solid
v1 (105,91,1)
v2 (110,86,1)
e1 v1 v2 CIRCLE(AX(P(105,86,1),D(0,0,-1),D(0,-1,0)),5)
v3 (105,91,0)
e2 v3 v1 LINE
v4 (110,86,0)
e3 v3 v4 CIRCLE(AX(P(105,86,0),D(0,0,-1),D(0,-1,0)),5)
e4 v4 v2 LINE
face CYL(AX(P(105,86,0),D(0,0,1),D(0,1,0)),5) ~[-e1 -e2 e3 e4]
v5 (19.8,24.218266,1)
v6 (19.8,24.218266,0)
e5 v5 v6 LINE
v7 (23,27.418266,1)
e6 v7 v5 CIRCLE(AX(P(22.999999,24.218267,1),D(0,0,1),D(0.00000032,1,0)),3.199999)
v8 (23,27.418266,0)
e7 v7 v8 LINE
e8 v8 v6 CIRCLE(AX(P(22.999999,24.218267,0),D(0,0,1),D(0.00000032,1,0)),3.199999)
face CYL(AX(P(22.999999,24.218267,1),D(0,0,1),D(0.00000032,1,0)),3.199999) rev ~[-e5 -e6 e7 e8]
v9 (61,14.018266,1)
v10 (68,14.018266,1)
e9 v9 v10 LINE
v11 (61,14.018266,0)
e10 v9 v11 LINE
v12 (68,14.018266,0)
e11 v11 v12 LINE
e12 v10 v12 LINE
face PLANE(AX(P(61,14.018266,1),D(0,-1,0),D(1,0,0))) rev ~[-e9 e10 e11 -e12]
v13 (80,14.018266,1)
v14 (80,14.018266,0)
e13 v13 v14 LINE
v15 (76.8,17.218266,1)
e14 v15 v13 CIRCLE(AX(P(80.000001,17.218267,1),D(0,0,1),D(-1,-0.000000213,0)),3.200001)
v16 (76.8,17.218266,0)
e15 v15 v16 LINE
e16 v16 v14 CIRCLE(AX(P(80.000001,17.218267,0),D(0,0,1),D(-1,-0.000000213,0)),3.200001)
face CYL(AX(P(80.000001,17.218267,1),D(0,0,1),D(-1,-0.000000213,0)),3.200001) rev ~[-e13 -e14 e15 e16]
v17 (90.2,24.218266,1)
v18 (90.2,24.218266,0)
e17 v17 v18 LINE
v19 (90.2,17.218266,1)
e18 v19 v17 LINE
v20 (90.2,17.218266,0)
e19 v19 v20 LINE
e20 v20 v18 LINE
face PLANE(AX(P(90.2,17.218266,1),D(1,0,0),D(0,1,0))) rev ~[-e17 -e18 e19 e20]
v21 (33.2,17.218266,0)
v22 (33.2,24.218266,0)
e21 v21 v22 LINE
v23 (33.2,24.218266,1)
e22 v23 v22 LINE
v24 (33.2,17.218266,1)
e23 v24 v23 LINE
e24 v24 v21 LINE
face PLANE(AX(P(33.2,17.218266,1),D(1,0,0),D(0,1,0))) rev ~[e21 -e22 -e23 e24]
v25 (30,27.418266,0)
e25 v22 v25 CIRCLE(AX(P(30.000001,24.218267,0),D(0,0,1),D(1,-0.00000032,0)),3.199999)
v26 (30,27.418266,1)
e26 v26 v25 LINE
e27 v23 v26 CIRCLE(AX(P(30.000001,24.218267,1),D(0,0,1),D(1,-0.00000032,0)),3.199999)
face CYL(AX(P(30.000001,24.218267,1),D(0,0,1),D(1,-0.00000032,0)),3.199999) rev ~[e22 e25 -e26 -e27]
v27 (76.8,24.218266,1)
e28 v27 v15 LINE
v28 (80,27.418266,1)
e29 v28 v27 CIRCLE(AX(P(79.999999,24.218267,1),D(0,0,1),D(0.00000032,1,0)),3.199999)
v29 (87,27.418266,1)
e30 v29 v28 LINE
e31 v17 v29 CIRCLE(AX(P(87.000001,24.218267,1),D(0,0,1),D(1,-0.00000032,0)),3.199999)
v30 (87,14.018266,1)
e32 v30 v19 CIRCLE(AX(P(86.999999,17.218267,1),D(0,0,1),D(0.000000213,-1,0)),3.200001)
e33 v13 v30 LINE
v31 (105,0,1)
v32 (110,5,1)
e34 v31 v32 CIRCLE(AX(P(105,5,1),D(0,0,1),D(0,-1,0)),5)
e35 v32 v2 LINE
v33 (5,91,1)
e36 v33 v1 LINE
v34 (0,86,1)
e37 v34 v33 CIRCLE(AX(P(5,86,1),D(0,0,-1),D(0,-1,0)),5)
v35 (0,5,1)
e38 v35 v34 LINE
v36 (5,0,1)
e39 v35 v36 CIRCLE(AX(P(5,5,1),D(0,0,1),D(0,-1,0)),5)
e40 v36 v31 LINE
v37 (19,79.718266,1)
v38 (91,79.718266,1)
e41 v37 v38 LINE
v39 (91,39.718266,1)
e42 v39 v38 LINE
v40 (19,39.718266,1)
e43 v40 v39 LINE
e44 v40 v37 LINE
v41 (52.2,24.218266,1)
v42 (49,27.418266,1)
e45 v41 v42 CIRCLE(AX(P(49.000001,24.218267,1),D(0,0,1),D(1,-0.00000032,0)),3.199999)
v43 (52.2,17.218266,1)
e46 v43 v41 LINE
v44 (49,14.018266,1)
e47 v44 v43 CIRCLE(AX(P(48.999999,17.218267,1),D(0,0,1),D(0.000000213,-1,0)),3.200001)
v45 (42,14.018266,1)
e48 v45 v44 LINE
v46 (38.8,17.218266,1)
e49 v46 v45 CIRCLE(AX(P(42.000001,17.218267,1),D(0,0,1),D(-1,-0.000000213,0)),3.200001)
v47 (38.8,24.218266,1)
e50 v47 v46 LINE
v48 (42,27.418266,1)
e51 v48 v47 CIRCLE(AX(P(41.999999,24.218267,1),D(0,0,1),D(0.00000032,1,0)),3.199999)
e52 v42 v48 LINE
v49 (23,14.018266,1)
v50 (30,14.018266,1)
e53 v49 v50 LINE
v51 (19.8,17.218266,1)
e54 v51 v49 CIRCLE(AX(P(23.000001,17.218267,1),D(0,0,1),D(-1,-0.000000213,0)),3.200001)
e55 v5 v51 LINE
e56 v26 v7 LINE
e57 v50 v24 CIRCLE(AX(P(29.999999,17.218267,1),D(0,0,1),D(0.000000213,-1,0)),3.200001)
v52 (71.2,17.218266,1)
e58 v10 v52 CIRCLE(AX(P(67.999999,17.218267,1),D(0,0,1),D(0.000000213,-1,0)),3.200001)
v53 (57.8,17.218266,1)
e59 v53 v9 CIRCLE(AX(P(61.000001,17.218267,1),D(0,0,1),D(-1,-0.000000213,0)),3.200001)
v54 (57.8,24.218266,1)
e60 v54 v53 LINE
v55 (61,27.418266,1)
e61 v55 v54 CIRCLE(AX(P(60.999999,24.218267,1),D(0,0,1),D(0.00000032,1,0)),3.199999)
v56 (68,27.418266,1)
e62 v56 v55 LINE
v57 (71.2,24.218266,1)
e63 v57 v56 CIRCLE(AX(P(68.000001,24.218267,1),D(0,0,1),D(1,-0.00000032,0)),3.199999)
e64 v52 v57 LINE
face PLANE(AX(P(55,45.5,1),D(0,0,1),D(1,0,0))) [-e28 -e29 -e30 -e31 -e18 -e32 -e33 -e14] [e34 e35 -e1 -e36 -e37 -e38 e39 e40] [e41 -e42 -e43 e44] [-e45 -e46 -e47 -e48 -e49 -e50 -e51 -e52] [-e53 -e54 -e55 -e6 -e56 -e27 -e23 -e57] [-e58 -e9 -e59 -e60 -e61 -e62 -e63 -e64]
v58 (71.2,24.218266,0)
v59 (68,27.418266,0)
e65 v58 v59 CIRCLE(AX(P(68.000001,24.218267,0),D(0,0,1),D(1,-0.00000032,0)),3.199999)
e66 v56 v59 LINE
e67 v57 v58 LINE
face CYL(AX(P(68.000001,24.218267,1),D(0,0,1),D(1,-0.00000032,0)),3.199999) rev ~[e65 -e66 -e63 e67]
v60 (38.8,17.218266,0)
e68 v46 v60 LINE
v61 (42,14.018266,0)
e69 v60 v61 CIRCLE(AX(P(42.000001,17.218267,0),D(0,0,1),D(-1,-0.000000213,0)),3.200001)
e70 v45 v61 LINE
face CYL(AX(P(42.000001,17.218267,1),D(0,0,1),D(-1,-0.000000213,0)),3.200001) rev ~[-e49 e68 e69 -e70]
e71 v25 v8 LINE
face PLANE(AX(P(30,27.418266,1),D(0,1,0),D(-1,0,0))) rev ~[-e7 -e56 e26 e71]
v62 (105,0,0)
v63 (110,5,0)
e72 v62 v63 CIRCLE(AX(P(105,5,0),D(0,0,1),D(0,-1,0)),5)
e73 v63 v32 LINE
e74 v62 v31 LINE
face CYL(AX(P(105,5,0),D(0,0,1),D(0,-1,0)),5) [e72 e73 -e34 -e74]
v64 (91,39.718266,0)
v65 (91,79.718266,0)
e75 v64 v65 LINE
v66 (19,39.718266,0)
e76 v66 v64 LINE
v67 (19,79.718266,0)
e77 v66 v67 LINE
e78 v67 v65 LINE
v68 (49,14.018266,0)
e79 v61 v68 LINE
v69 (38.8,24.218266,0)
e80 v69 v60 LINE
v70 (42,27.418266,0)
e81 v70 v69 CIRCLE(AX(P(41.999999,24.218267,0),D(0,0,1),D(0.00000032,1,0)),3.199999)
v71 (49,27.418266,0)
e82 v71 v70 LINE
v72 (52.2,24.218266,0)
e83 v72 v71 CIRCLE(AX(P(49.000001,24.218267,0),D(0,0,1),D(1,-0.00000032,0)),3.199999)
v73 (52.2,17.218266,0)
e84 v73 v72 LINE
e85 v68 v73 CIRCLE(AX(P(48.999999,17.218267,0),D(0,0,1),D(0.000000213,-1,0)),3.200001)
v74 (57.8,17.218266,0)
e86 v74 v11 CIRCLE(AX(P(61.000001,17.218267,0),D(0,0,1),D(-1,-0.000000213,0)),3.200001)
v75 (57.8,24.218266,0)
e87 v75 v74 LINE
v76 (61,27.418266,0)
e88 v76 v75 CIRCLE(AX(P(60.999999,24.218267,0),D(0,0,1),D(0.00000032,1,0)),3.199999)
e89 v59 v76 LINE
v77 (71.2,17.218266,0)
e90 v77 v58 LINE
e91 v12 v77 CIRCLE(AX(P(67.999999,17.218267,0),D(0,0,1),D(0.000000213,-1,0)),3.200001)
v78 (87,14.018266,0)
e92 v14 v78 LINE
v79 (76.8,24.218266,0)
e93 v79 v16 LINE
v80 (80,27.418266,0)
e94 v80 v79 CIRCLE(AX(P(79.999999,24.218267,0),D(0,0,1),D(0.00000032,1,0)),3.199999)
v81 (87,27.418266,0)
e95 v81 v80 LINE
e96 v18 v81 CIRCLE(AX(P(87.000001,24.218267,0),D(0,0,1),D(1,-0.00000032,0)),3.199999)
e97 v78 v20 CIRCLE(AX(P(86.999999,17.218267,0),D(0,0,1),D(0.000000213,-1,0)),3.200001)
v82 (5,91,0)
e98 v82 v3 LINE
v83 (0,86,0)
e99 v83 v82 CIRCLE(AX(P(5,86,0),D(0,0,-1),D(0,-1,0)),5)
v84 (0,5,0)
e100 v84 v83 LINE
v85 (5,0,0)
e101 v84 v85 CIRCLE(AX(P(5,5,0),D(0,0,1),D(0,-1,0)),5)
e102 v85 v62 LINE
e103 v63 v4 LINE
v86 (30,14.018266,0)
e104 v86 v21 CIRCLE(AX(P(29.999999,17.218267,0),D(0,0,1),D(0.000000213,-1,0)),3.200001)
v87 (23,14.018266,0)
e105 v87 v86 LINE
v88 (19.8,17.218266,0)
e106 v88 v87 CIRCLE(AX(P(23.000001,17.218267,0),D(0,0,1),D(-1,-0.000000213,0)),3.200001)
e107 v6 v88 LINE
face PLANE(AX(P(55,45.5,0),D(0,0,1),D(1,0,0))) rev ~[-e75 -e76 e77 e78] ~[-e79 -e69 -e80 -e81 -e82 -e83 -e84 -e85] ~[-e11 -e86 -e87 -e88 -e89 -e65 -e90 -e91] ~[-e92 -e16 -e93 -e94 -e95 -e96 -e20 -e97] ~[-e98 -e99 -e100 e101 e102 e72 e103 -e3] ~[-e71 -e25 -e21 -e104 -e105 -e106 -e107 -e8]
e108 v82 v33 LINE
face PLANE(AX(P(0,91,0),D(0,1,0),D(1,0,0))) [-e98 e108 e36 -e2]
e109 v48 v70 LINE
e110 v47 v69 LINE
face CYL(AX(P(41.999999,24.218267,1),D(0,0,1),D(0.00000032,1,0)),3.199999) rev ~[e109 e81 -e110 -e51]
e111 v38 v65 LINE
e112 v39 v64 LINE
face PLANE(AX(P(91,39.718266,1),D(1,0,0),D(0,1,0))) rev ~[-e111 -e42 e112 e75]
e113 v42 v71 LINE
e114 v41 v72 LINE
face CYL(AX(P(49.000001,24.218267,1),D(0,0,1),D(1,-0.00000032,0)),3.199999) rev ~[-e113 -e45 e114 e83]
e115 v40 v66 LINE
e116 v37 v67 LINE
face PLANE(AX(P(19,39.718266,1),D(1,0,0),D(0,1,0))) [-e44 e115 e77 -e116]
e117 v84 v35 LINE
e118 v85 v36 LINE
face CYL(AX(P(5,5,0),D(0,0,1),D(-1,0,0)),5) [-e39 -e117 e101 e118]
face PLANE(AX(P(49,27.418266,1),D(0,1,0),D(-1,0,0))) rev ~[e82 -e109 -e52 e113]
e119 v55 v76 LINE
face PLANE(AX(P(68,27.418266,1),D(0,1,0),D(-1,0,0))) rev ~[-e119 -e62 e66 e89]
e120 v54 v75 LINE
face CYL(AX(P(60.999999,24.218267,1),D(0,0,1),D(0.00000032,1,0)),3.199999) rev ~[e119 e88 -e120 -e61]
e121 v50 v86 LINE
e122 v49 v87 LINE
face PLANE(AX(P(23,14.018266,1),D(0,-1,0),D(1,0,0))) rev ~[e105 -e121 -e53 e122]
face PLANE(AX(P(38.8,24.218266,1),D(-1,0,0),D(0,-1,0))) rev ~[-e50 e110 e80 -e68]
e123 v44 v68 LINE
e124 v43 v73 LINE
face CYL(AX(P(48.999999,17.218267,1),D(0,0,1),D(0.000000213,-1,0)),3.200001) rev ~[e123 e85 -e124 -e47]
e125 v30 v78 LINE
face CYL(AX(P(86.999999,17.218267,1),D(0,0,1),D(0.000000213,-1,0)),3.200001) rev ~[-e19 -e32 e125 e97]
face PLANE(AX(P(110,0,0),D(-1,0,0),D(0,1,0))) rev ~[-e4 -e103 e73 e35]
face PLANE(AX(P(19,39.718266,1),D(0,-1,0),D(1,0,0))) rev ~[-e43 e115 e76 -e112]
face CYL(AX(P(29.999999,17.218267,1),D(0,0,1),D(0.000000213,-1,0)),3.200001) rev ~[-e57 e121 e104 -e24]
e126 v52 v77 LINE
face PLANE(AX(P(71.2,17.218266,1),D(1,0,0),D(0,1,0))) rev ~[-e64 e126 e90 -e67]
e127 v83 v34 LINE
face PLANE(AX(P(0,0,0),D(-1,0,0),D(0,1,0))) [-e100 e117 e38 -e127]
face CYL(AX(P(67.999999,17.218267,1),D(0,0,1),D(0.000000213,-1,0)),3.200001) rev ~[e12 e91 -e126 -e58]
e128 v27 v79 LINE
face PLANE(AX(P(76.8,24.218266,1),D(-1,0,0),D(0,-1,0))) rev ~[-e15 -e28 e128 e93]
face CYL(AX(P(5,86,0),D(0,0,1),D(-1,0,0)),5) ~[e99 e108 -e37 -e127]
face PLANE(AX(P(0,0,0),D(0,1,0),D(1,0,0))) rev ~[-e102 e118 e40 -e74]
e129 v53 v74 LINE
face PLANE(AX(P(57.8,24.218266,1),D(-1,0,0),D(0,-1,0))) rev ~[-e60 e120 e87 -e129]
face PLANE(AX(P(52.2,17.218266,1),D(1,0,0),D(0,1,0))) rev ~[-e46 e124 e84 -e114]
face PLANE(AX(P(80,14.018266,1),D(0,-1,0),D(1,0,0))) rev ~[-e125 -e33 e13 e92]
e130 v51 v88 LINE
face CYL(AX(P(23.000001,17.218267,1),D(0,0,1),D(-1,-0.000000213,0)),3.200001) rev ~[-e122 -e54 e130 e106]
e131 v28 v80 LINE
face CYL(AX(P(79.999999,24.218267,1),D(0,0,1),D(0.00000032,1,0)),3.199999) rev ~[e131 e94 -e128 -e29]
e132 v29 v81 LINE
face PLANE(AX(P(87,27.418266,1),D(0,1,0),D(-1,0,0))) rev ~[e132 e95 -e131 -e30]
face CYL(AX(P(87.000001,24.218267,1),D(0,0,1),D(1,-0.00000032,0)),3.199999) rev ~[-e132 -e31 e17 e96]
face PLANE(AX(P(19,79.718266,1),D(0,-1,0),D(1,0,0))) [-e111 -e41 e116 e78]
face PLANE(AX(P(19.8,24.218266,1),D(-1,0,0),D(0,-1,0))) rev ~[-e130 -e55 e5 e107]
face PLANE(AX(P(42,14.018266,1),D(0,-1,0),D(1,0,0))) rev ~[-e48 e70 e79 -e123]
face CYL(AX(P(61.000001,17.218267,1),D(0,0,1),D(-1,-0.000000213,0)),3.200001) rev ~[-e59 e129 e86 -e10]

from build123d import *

# Parameters (mm, degrees)
F0_W     = 110
F0_H     = 91
F1_DEPTH = 1
F2_W     = 72
F2_H     = 40
F3_DEPTH = 1.001
F4_R     = 5
F6_DEPTH = 1.001


with BuildPart() as f1:
    # F0 (on Top) → F1 (new body)
    with BuildSketch(Plane.XY):
        with Locations((55, 45.5)):
            Rectangle(F0_W, F0_H)
    extrude(amount=F1_DEPTH)

    # F2 (on face) → F3 (cut, through all)
    with BuildSketch(Plane.XY.offset(1)):
        with Locations((55, 59.718266)):
            Rectangle(F2_W, F2_H)
    extrude(amount=-F3_DEPTH, mode=Mode.SUBTRACT)

    # F4
    f4_edges = [f1.edges().sort_by_distance(p)[0] for p in [
        (0, 91, 0.5),
        (0, 0, 0.5),
        (110, 91, 0.5),
        (110, 0, 0.5),
    ]]
    fillet(f4_edges, radius=F4_R)

    # F5 (on face) → F6 (cut, through all)
    with BuildSketch(Plane.XY.offset(1)):
        with BuildLine():
            Line((30, 27.418266), (23, 27.418266))
            ThreePointArc((23, 27.418266), (20.737258, 26.481008), (19.8, 24.218266))
            Line((19.8, 24.218266), (19.8, 17.218266))
            ThreePointArc((19.8, 17.218266), (20.737258, 14.955525), (23, 14.018266))
            Line((23, 14.018266), (30, 14.018266))
            ThreePointArc((30, 14.018266), (32.262742, 14.955525), (33.2, 17.218266))
            Line((33.2, 17.218266), (33.2, 24.218266))
            ThreePointArc((33.2, 24.218266), (32.262742, 26.481008), (30, 27.418266))
        make_face()
        with BuildLine():
            Line((49, 27.418266), (42, 27.418266))
            ThreePointArc((42, 27.418266), (39.737258, 26.481008), (38.8, 24.218266))
            Line((38.8, 24.218266), (38.8, 17.218266))
            ThreePointArc((38.8, 17.218266), (39.737258, 14.955525), (42, 14.018266))
            Line((42, 14.018266), (49, 14.018266))
            ThreePointArc((49, 14.018266), (51.262742, 14.955525), (52.2, 17.218266))
            Line((52.2, 17.218266), (52.2, 24.218266))
            ThreePointArc((52.2, 24.218266), (51.262742, 26.481008), (49, 27.418266))
        make_face()
        with BuildLine():
            Line((68, 27.418266), (61, 27.418266))
            ThreePointArc((61, 27.418266), (58.737258, 26.481008), (57.8, 24.218266))
            Line((57.8, 24.218266), (57.8, 17.218266))
            ThreePointArc((57.8, 17.218266), (58.737258, 14.955525), (61, 14.018266))
            Line((61, 14.018266), (68, 14.018266))
            ThreePointArc((68, 14.018266), (70.262742, 14.955525), (71.2, 17.218266))
            Line((71.2, 17.218266), (71.2, 24.218266))
            ThreePointArc((71.2, 24.218266), (70.262742, 26.481008), (68, 27.418266))
        make_face()
        with BuildLine():
            Line((87, 27.418266), (80, 27.418266))
            ThreePointArc((80, 27.418266), (77.737258, 26.481008), (76.8, 24.218266))
            Line((76.8, 24.218266), (76.8, 17.218266))
            ThreePointArc((76.8, 17.218266), (77.737258, 14.955525), (80, 14.018266))
            Line((80, 14.018266), (87, 14.018266))
            ThreePointArc((87, 14.018266), (89.262742, 14.955525), (90.2, 17.218266))
            Line((90.2, 17.218266), (90.2, 24.218266))
            ThreePointArc((90.2, 24.218266), (89.262742, 26.481008), (87, 27.418266))
        make_face()
    extrude(amount=-F6_DEPTH, mode=Mode.SUBTRACT)


solid = f1.part
